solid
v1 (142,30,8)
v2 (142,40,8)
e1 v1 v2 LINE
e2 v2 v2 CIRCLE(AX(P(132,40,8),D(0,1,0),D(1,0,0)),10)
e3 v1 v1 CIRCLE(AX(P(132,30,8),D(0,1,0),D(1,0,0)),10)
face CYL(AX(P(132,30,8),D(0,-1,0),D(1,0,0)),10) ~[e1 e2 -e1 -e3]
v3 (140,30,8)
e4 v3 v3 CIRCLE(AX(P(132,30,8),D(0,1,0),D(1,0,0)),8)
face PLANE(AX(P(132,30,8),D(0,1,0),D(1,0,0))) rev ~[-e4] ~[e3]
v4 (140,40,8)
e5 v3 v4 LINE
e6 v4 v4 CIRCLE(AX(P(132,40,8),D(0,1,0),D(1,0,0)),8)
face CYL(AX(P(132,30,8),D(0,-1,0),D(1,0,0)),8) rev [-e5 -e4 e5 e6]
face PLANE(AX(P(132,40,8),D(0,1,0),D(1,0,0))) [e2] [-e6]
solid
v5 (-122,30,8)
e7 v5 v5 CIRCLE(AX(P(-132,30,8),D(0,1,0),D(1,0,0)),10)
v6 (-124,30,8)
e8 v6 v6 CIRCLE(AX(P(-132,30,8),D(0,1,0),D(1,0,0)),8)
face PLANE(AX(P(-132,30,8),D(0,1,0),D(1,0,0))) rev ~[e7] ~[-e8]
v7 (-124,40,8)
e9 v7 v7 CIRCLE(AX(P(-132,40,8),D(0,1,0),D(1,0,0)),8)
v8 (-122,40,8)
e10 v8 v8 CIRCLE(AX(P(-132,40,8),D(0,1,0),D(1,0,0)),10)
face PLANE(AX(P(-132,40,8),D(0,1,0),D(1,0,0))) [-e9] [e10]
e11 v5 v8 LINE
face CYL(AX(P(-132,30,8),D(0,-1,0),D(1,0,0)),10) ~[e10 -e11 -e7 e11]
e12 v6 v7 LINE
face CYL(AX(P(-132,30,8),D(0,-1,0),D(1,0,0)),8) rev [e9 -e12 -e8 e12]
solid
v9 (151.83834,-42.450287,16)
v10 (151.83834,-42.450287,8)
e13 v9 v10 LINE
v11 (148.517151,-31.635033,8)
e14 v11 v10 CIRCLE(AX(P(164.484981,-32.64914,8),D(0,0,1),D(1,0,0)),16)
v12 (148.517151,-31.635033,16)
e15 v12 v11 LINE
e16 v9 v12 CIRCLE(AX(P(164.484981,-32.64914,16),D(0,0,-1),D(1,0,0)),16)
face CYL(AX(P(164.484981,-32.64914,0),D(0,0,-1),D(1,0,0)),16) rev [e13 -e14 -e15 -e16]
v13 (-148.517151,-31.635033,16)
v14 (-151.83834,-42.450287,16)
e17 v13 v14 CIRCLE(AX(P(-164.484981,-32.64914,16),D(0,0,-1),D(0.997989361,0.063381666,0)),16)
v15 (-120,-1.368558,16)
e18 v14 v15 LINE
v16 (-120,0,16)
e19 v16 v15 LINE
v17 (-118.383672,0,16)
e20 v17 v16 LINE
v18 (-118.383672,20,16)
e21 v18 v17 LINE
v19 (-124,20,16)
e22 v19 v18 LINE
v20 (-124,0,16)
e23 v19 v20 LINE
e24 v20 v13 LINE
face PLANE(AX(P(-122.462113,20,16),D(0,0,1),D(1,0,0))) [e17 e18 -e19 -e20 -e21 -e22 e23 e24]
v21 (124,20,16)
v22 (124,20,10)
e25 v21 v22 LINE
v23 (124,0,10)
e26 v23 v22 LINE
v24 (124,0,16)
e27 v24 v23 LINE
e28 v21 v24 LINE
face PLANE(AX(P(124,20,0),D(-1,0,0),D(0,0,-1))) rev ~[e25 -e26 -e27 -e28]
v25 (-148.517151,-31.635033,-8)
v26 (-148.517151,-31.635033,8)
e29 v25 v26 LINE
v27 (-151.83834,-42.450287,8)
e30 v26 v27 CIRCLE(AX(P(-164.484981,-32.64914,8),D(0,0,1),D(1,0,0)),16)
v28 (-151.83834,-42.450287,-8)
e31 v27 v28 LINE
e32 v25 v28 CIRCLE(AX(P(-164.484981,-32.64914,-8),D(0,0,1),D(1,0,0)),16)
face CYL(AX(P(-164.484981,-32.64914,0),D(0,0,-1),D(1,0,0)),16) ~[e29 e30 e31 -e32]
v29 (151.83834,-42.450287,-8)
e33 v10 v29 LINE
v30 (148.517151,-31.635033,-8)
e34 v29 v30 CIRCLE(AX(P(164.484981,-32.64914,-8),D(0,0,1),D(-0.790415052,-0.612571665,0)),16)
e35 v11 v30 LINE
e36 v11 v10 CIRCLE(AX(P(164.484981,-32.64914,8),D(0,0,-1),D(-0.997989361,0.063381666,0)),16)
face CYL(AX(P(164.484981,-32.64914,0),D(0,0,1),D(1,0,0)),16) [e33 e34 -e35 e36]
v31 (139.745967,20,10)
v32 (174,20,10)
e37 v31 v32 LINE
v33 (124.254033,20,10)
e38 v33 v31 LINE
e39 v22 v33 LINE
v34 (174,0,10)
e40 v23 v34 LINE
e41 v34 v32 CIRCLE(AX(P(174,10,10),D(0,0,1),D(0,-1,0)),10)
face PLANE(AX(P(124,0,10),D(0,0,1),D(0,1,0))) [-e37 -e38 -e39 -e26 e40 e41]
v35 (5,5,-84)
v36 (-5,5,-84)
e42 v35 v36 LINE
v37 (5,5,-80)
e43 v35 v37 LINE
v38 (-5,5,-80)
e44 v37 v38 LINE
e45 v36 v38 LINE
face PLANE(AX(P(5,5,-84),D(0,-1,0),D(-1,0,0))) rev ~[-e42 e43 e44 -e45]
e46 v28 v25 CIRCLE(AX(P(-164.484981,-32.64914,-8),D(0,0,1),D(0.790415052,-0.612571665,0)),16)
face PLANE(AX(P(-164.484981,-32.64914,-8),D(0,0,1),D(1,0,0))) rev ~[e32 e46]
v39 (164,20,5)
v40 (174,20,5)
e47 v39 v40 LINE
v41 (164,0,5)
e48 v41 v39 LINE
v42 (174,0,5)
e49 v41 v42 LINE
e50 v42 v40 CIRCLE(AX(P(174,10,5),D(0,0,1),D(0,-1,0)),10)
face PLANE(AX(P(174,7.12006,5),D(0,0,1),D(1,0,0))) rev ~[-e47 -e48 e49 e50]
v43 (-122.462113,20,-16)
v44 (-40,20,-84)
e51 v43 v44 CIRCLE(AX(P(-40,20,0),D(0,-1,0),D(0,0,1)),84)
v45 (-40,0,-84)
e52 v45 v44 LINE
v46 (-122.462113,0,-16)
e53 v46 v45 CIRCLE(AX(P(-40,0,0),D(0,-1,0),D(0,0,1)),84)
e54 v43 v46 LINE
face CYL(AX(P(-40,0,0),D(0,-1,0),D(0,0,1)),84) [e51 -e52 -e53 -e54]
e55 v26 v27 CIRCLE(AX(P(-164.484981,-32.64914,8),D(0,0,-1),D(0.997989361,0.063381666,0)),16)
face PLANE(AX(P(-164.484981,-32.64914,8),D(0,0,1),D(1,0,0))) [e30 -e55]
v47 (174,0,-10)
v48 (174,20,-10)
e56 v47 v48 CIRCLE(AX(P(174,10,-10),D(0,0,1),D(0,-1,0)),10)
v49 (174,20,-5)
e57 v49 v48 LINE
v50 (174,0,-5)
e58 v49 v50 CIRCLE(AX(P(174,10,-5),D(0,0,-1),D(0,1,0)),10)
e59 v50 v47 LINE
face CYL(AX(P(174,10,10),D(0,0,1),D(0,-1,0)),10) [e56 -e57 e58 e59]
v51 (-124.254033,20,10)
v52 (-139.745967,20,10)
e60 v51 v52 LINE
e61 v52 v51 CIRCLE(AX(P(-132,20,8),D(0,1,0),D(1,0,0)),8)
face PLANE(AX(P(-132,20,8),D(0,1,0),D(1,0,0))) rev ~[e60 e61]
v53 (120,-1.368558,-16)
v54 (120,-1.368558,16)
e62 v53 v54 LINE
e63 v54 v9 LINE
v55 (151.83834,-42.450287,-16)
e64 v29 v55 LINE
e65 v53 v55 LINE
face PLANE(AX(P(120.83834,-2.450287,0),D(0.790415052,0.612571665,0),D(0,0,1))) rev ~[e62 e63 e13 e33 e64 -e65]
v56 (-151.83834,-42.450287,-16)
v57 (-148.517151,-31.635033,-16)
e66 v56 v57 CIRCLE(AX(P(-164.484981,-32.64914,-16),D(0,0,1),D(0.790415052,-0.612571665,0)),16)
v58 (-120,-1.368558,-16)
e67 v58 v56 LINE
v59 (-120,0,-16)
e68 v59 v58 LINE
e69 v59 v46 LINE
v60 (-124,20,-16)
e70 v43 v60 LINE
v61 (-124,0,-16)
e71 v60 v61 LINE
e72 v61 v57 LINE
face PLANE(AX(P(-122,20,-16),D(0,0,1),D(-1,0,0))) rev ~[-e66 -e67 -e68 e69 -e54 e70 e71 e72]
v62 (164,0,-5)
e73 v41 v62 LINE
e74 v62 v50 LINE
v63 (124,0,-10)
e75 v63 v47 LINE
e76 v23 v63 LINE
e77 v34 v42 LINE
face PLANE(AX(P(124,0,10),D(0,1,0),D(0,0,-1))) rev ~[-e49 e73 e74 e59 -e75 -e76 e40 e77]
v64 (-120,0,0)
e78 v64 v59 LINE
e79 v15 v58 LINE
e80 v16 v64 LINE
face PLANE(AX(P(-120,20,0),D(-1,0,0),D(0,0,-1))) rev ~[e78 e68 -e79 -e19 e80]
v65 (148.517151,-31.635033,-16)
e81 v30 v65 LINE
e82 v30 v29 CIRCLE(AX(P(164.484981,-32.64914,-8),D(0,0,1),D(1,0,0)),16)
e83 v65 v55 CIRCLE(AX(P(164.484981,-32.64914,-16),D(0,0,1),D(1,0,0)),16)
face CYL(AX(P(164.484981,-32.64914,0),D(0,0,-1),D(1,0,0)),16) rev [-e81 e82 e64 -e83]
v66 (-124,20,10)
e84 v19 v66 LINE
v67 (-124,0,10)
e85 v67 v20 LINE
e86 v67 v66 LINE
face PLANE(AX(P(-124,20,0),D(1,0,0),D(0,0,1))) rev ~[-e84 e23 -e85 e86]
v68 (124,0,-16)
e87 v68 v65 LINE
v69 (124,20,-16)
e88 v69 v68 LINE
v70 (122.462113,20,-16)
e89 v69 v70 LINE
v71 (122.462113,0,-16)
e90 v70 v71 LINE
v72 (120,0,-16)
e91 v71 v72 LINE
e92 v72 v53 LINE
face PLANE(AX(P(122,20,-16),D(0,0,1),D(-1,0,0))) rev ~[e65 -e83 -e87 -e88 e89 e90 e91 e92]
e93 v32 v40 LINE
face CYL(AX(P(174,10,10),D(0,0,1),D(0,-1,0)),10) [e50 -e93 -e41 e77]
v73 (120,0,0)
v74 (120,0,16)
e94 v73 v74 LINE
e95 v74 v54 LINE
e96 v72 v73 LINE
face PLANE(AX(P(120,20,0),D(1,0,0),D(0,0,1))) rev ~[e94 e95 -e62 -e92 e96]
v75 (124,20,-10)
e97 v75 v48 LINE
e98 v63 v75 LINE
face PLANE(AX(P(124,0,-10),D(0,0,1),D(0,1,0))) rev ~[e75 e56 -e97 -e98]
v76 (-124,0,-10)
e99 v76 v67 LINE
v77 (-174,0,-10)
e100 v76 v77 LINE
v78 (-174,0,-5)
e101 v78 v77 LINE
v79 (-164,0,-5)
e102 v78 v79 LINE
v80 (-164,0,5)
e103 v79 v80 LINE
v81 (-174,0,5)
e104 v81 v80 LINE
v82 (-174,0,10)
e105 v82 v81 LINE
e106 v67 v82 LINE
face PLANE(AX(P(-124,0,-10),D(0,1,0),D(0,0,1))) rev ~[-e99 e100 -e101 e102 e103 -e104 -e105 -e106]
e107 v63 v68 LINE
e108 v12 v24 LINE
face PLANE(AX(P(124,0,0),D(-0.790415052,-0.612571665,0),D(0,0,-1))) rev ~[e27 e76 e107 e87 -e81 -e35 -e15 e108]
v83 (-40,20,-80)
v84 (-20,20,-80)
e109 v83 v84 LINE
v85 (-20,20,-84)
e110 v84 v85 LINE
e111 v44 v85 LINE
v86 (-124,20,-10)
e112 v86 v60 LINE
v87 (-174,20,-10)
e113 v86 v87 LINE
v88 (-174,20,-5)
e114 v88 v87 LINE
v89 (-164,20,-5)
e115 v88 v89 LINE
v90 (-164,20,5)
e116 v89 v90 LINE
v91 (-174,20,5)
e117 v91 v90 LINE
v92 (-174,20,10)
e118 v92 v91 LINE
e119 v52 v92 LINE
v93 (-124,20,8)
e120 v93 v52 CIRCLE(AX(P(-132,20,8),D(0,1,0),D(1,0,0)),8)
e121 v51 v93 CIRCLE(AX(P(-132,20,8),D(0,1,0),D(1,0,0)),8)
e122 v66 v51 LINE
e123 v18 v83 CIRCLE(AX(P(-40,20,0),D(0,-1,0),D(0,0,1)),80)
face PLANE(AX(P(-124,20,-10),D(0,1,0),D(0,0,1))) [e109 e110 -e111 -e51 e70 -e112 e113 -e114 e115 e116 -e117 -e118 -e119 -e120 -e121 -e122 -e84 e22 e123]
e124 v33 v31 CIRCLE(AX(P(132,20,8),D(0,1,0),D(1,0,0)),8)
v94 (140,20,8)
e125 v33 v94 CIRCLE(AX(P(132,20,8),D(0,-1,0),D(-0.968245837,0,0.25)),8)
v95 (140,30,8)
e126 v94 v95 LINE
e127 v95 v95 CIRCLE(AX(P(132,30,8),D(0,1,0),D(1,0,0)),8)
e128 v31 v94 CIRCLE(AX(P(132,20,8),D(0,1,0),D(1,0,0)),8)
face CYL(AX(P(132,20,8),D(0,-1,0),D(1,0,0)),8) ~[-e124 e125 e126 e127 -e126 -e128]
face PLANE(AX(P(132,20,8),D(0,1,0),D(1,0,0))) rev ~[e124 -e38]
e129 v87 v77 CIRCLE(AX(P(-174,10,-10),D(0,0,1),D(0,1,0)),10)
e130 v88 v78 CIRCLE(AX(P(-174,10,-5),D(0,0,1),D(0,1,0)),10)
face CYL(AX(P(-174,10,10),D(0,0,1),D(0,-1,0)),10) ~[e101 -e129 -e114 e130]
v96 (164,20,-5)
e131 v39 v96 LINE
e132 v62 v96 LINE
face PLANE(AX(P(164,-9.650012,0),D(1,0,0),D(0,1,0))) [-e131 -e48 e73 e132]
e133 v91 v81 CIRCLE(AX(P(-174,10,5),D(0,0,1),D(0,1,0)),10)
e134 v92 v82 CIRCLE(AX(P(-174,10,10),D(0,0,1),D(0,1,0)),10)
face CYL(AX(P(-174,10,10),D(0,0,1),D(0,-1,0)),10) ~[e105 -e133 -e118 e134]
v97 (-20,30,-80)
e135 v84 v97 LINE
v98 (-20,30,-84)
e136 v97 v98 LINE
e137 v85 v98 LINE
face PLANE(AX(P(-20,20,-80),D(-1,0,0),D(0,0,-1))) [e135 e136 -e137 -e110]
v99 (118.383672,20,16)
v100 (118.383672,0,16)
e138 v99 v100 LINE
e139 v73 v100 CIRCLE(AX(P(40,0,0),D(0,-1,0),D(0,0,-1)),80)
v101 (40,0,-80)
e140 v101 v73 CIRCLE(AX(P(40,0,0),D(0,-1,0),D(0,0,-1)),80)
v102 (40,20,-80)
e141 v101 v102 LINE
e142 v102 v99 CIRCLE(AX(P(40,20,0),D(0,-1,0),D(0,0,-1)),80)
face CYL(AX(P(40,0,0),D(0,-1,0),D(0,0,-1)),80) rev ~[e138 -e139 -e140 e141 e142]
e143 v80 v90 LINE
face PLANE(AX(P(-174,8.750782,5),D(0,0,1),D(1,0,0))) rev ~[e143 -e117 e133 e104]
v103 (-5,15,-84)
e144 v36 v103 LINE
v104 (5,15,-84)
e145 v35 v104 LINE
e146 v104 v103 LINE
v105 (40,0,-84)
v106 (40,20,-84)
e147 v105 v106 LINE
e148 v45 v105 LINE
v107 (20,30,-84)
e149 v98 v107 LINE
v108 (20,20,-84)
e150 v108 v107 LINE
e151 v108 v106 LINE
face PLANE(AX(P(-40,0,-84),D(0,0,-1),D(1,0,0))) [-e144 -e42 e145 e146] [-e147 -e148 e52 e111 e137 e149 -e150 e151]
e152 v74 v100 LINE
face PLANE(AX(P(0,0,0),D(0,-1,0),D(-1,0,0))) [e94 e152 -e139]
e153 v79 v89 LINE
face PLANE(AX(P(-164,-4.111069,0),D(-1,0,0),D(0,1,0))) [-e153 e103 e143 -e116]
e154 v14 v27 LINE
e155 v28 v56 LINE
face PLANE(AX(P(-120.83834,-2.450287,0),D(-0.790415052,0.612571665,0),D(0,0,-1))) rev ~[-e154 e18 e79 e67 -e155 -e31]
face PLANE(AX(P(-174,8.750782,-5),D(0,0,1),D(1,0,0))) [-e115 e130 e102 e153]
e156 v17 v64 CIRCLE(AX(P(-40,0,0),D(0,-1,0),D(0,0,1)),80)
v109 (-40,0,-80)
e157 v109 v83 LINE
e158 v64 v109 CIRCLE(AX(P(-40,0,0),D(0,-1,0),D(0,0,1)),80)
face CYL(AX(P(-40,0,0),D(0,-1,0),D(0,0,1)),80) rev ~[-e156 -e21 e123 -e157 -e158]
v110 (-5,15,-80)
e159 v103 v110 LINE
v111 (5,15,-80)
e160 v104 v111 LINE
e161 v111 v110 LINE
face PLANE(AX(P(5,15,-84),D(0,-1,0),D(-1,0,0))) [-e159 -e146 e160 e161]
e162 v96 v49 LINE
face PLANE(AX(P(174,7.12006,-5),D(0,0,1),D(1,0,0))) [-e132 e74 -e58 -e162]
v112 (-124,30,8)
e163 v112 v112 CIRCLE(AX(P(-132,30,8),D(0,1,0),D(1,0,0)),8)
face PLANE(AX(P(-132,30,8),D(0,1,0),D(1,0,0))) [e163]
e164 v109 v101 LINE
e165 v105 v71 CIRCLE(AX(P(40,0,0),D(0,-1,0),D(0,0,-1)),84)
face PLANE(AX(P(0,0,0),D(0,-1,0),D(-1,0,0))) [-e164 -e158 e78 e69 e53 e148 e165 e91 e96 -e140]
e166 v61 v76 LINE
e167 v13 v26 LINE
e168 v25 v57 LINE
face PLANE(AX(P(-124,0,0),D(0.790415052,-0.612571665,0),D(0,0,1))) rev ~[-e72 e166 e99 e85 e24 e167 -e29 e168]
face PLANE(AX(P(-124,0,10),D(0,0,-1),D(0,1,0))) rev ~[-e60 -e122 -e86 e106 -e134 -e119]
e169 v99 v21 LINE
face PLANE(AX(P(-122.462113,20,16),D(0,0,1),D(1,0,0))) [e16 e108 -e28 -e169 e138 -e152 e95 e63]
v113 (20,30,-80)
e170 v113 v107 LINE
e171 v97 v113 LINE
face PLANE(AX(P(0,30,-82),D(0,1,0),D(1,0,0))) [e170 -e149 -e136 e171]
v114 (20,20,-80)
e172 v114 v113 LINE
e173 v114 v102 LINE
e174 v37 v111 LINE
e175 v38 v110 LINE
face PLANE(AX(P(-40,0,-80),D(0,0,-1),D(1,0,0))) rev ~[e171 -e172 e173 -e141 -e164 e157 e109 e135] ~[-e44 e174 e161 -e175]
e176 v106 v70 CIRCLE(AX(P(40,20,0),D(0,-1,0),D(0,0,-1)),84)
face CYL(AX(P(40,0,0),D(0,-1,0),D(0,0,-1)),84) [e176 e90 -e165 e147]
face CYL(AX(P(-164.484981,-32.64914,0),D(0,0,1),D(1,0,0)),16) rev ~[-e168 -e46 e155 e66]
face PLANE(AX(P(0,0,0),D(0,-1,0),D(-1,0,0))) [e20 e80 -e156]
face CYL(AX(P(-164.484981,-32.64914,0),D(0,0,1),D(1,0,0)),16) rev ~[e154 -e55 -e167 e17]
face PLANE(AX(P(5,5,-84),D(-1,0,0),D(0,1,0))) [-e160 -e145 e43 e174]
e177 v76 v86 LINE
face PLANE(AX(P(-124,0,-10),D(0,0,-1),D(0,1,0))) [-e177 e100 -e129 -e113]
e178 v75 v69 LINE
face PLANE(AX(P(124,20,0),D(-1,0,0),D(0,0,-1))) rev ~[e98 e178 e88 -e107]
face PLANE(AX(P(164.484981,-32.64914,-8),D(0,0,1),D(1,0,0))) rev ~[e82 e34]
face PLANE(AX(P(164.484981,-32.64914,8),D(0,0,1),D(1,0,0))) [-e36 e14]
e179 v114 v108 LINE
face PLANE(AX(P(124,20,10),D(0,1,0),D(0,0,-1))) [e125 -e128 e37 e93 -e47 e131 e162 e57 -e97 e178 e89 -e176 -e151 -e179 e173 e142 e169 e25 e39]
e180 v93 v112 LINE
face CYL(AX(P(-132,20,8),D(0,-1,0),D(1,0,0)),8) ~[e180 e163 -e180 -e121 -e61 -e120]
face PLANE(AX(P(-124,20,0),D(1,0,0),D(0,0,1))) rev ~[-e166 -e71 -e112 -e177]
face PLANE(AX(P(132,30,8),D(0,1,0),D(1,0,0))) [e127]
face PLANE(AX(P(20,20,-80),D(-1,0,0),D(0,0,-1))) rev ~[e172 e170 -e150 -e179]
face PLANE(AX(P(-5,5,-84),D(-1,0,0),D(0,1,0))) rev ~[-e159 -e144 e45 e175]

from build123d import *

# Parameters (mm, degrees)
EXTRUDE_1_DEPTH           = 20
SKETCH_18_W               = 10
SKETCH_18_H               = 10
CUT_EXTRUDE_6_DEPTH       = 10
SKETCH_20_W               = 40
SKETCH_20_H               = 4
EXTRUDE_5_DEPTH           = 10
SKETCH_22_R               = 8
EXTRUDE_7_DEPTH           = 10
EXTRUDE_7_2_DEPTH         = 10
SKETCH_23_R               = 10
SKETCH_23_R_2             = 8
EXTRUDE_8_DEPTH           = 10
EXTRUDE_8_2_DEPTH         = 10
SKETCH_8_W                = 4
SKETCH_8_H                = 32
SKETCH_11_W               = 4
SKETCH_11_H               = 32
SKETCH_25_W               = 246.903686524
SKETCH_25_H               = 75.06139437
CUT_EXTRUDE_7_DEPTH       = 30
SKETCH_26_W               = 20
SKETCH_26_H               = 20
EXTRUDE_9_DEPTH           = 60
SKETCH_28_W               = 20
SKETCH_28_H               = 20
EXTRUDE_10_DEPTH          = 60
CUT_EXTRUDE_8_DEPTH       = 60
SKETCH_29_W               = 20
SKETCH_29_H               = 25.723700811
SKETCH_29_H_2             = 33.540144271
CUT_EXTRUDE_9_DEPTH       = 5
SKETCH_30_R               = 16
CUT_EXTRUDE_10_DEPTH      = 19
CUT_EXTRUDE_10_DEPTH_BACK = 85
SKETCH_31_R               = 16
EXTRUDE_11_DEPTH          = 8


with BuildPart() as part:
    # 草图2 → 凸台-拉伸1 (new body)
    with BuildSketch(Plane(origin=(0, 0, 0), x_dir=(1, 0, 0), z_dir=(0, 1, 0))):
        with BuildLine():
            Line((-40, 84), (40, 84))
            ThreePointArc((40, 84), (124, 0), (40, -84))
            Line((40, -84), (-40, -84))
            ThreePointArc((-40, -84), (-124, 0), (-40, 84))
        make_face()
        with BuildLine():
            Line((-40, 80), (40, 80))
            ThreePointArc((40, 80), (120, 0), (40, -80))
            Line((40, -80), (-40, -80))
            ThreePointArc((-40, -80), (-120, 0), (-40, 80))
        make_face(mode=Mode.SUBTRACT)
    extrude(amount=EXTRUDE_1_DEPTH)

    # 草图18 → 切除-拉伸6 (cut)
    with BuildSketch(Plane(origin=(0, 0, -84), x_dir=(-1, 0, 0), z_dir=(0, 0, -1))):
        with Locations((0, 10)):
            Rectangle(SKETCH_18_W, SKETCH_18_H)
    extrude(amount=-CUT_EXTRUDE_6_DEPTH, mode=Mode.SUBTRACT)

    # 草图20 → 凸台-拉伸5 (add)
    with BuildSketch(Plane(origin=(0, 20, 0), x_dir=(1, 0, 0), z_dir=(0, 1, 0))):
        with Locations((0, 82)):
            Rectangle(SKETCH_20_W, SKETCH_20_H)
    extrude(amount=EXTRUDE_5_DEPTH)

    # 扫描1: sweep along a path in 草图9
    with BuildLine(Plane.XY) as sweep_1_path:
        Line((-124, 20), (-124, 0))
        Line((-124, 0), (-155, -40))
    # 草图8 → 扫描1 (sweep)
    with BuildSketch(Plane(origin=(0, 20, 0), x_dir=(1, 0, 0), z_dir=(0, 1, 0))):
        with Locations((-122, 0)):
            Rectangle(SKETCH_8_W, SKETCH_8_H)
    sweep(path=sweep_1_path.line, transition=Transition.RIGHT)

    # 扫描2: sweep along a path in 草图24
    with BuildLine(Plane.XY) as sweep_2_path:
        Line((124, 20), (124, 0))
        Line((124, 0), (155, -40))
    # 草图11 → 扫描2 (sweep)
    with BuildSketch(Plane(origin=(0, 20, 0), x_dir=(1, 0, 0), z_dir=(0, 1, 0))):
        with Locations((122, 0)):
            Rectangle(SKETCH_11_W, SKETCH_11_H)
    sweep(path=sweep_2_path.line, transition=Transition.RIGHT)

    # 草图25 → 切除-拉伸7 (cut)
    with BuildSketch(Plane(origin=(0, 20, 0), x_dir=(1, 0, 0), z_dir=(0, 1, 0))):
        with Locations((0.98973075, -53.530697185)):
            Rectangle(SKETCH_25_W, SKETCH_25_H)
    extrude(amount=-CUT_EXTRUDE_7_DEPTH, mode=Mode.SUBTRACT)



with BuildPart() as body_2:
    # 草图22 → 凸台-拉伸7 (new body)
    with BuildSketch(Plane(origin=(0, 20, 0), x_dir=(1, 0, 0), z_dir=(0, 1, 0))):
        with Locations((-132, -8)):
            Circle(SKETCH_22_R)
    extrude(amount=EXTRUDE_7_DEPTH)


with BuildPart() as body_3:
    # 草图22 → Extrude 7 2 (new body)
    with BuildSketch(Plane(origin=(0, 20, 0), x_dir=(1, 0, 0), z_dir=(0, 1, 0))):
        with Locations((132, -8)):
            Circle(SKETCH_22_R)
    extrude(amount=EXTRUDE_7_2_DEPTH)


with BuildPart() as body_4:
    # 草图23 → 凸台-拉伸8 (new body)
    with BuildSketch(Plane(origin=(0, 30, 0), x_dir=(1, 0, 0), z_dir=(0, 1, 0))):
        with Locations((-132, -8)):
            Circle(SKETCH_23_R)
        with Locations((-132, -8)):
            Circle(SKETCH_23_R_2, mode=Mode.SUBTRACT)
    extrude(amount=EXTRUDE_8_DEPTH)


with BuildPart() as body_5:
    # 草图23 → Extrude 8 2 (new body)
    with BuildSketch(Plane(origin=(0, 30, 0), x_dir=(1, 0, 0), z_dir=(0, 1, 0))):
        with Locations((132, -8)):
            Circle(SKETCH_23_R)
        with Locations((132, -8)):
            Circle(SKETCH_23_R_2, mode=Mode.SUBTRACT)
    extrude(amount=EXTRUDE_8_2_DEPTH)


with BuildPart() as part_1:
    add(part.part)

    add(body_2.part)  # 凸台-拉伸9 merges body 2
    # 草图26 → 凸台-拉伸9 (add)
    with BuildSketch(Plane.ZY.offset(124)):
        with Locations((0, 10)):
            Rectangle(SKETCH_26_W, SKETCH_26_H)
    extrude(amount=EXTRUDE_9_DEPTH)


    add(body_3.part)  # 凸台-拉伸10 merges body 3
    # 草图28 → 凸台-拉伸10 (add)
    with BuildSketch(Plane(origin=(124, 0, 0), x_dir=(0, 0, -1), z_dir=(1, 0, 0))):
        with Locations((0, 10)):
            Rectangle(SKETCH_28_W, SKETCH_28_H)
    extrude(amount=EXTRUDE_10_DEPTH)

    # 草图27 → 切除-拉伸8 (cut)
    with BuildSketch(Plane.XY.offset(10)):
        with BuildLine():
            Line((-174, 20), (-189, 20))
            Line((-189, 20), (-189, 0))
            Line((-189, 0), (-174, 0))
            ThreePointArc((-174, 0), (-184, 10), (-174, 20))
        make_face()
        with BuildLine():
            Line((174, 20), (191.961940959, 20))
            Line((191.961940959, 20), (191.961940959, 0))
            Line((191.961940959, 0), (174, 0))
            ThreePointArc((174, 0), (184, 10), (174, 20))
        make_face()
    extrude(amount=-CUT_EXTRUDE_8_DEPTH, mode=Mode.SUBTRACT)

    # 草图29 → 切除-拉伸9 (cut, symmetric)
    with BuildSketch(Plane.XY):
        with Locations((-174, 8.750781757)):
            Rectangle(SKETCH_29_W, SKETCH_29_H)
        with Locations((174, 7.12005993)):
            Rectangle(SKETCH_29_W, SKETCH_29_H_2)
    extrude(amount=CUT_EXTRUDE_9_DEPTH, both=True, mode=Mode.SUBTRACT)

    # 草图30 → 切除-拉伸10 (cut, two sides)
    with BuildSketch(Plane.XY) as cut_extrude_10_sk:
        with Locations((-164.484980626, -32.649140015)):
            Circle(SKETCH_30_R)
        with Locations((164.484980626, -32.649140015)):
            Circle(SKETCH_30_R)
    extrude(amount=CUT_EXTRUDE_10_DEPTH, mode=Mode.SUBTRACT)
    extrude(cut_extrude_10_sk.sketch, amount=-CUT_EXTRUDE_10_DEPTH_BACK, mode=Mode.SUBTRACT)

    # 草图31 → 凸台-拉伸11 (add, symmetric)
    with BuildSketch(Plane.XY):
        with Locations((-164.484980626, -32.649140015)):
            Circle(SKETCH_31_R)
        with Locations((164.484980626, -32.649140015)):
            Circle(SKETCH_31_R)
    extrude(amount=EXTRUDE_11_DEPTH, both=True)


solid = Compound([body_4.part, body_5.part, part_1.part])
